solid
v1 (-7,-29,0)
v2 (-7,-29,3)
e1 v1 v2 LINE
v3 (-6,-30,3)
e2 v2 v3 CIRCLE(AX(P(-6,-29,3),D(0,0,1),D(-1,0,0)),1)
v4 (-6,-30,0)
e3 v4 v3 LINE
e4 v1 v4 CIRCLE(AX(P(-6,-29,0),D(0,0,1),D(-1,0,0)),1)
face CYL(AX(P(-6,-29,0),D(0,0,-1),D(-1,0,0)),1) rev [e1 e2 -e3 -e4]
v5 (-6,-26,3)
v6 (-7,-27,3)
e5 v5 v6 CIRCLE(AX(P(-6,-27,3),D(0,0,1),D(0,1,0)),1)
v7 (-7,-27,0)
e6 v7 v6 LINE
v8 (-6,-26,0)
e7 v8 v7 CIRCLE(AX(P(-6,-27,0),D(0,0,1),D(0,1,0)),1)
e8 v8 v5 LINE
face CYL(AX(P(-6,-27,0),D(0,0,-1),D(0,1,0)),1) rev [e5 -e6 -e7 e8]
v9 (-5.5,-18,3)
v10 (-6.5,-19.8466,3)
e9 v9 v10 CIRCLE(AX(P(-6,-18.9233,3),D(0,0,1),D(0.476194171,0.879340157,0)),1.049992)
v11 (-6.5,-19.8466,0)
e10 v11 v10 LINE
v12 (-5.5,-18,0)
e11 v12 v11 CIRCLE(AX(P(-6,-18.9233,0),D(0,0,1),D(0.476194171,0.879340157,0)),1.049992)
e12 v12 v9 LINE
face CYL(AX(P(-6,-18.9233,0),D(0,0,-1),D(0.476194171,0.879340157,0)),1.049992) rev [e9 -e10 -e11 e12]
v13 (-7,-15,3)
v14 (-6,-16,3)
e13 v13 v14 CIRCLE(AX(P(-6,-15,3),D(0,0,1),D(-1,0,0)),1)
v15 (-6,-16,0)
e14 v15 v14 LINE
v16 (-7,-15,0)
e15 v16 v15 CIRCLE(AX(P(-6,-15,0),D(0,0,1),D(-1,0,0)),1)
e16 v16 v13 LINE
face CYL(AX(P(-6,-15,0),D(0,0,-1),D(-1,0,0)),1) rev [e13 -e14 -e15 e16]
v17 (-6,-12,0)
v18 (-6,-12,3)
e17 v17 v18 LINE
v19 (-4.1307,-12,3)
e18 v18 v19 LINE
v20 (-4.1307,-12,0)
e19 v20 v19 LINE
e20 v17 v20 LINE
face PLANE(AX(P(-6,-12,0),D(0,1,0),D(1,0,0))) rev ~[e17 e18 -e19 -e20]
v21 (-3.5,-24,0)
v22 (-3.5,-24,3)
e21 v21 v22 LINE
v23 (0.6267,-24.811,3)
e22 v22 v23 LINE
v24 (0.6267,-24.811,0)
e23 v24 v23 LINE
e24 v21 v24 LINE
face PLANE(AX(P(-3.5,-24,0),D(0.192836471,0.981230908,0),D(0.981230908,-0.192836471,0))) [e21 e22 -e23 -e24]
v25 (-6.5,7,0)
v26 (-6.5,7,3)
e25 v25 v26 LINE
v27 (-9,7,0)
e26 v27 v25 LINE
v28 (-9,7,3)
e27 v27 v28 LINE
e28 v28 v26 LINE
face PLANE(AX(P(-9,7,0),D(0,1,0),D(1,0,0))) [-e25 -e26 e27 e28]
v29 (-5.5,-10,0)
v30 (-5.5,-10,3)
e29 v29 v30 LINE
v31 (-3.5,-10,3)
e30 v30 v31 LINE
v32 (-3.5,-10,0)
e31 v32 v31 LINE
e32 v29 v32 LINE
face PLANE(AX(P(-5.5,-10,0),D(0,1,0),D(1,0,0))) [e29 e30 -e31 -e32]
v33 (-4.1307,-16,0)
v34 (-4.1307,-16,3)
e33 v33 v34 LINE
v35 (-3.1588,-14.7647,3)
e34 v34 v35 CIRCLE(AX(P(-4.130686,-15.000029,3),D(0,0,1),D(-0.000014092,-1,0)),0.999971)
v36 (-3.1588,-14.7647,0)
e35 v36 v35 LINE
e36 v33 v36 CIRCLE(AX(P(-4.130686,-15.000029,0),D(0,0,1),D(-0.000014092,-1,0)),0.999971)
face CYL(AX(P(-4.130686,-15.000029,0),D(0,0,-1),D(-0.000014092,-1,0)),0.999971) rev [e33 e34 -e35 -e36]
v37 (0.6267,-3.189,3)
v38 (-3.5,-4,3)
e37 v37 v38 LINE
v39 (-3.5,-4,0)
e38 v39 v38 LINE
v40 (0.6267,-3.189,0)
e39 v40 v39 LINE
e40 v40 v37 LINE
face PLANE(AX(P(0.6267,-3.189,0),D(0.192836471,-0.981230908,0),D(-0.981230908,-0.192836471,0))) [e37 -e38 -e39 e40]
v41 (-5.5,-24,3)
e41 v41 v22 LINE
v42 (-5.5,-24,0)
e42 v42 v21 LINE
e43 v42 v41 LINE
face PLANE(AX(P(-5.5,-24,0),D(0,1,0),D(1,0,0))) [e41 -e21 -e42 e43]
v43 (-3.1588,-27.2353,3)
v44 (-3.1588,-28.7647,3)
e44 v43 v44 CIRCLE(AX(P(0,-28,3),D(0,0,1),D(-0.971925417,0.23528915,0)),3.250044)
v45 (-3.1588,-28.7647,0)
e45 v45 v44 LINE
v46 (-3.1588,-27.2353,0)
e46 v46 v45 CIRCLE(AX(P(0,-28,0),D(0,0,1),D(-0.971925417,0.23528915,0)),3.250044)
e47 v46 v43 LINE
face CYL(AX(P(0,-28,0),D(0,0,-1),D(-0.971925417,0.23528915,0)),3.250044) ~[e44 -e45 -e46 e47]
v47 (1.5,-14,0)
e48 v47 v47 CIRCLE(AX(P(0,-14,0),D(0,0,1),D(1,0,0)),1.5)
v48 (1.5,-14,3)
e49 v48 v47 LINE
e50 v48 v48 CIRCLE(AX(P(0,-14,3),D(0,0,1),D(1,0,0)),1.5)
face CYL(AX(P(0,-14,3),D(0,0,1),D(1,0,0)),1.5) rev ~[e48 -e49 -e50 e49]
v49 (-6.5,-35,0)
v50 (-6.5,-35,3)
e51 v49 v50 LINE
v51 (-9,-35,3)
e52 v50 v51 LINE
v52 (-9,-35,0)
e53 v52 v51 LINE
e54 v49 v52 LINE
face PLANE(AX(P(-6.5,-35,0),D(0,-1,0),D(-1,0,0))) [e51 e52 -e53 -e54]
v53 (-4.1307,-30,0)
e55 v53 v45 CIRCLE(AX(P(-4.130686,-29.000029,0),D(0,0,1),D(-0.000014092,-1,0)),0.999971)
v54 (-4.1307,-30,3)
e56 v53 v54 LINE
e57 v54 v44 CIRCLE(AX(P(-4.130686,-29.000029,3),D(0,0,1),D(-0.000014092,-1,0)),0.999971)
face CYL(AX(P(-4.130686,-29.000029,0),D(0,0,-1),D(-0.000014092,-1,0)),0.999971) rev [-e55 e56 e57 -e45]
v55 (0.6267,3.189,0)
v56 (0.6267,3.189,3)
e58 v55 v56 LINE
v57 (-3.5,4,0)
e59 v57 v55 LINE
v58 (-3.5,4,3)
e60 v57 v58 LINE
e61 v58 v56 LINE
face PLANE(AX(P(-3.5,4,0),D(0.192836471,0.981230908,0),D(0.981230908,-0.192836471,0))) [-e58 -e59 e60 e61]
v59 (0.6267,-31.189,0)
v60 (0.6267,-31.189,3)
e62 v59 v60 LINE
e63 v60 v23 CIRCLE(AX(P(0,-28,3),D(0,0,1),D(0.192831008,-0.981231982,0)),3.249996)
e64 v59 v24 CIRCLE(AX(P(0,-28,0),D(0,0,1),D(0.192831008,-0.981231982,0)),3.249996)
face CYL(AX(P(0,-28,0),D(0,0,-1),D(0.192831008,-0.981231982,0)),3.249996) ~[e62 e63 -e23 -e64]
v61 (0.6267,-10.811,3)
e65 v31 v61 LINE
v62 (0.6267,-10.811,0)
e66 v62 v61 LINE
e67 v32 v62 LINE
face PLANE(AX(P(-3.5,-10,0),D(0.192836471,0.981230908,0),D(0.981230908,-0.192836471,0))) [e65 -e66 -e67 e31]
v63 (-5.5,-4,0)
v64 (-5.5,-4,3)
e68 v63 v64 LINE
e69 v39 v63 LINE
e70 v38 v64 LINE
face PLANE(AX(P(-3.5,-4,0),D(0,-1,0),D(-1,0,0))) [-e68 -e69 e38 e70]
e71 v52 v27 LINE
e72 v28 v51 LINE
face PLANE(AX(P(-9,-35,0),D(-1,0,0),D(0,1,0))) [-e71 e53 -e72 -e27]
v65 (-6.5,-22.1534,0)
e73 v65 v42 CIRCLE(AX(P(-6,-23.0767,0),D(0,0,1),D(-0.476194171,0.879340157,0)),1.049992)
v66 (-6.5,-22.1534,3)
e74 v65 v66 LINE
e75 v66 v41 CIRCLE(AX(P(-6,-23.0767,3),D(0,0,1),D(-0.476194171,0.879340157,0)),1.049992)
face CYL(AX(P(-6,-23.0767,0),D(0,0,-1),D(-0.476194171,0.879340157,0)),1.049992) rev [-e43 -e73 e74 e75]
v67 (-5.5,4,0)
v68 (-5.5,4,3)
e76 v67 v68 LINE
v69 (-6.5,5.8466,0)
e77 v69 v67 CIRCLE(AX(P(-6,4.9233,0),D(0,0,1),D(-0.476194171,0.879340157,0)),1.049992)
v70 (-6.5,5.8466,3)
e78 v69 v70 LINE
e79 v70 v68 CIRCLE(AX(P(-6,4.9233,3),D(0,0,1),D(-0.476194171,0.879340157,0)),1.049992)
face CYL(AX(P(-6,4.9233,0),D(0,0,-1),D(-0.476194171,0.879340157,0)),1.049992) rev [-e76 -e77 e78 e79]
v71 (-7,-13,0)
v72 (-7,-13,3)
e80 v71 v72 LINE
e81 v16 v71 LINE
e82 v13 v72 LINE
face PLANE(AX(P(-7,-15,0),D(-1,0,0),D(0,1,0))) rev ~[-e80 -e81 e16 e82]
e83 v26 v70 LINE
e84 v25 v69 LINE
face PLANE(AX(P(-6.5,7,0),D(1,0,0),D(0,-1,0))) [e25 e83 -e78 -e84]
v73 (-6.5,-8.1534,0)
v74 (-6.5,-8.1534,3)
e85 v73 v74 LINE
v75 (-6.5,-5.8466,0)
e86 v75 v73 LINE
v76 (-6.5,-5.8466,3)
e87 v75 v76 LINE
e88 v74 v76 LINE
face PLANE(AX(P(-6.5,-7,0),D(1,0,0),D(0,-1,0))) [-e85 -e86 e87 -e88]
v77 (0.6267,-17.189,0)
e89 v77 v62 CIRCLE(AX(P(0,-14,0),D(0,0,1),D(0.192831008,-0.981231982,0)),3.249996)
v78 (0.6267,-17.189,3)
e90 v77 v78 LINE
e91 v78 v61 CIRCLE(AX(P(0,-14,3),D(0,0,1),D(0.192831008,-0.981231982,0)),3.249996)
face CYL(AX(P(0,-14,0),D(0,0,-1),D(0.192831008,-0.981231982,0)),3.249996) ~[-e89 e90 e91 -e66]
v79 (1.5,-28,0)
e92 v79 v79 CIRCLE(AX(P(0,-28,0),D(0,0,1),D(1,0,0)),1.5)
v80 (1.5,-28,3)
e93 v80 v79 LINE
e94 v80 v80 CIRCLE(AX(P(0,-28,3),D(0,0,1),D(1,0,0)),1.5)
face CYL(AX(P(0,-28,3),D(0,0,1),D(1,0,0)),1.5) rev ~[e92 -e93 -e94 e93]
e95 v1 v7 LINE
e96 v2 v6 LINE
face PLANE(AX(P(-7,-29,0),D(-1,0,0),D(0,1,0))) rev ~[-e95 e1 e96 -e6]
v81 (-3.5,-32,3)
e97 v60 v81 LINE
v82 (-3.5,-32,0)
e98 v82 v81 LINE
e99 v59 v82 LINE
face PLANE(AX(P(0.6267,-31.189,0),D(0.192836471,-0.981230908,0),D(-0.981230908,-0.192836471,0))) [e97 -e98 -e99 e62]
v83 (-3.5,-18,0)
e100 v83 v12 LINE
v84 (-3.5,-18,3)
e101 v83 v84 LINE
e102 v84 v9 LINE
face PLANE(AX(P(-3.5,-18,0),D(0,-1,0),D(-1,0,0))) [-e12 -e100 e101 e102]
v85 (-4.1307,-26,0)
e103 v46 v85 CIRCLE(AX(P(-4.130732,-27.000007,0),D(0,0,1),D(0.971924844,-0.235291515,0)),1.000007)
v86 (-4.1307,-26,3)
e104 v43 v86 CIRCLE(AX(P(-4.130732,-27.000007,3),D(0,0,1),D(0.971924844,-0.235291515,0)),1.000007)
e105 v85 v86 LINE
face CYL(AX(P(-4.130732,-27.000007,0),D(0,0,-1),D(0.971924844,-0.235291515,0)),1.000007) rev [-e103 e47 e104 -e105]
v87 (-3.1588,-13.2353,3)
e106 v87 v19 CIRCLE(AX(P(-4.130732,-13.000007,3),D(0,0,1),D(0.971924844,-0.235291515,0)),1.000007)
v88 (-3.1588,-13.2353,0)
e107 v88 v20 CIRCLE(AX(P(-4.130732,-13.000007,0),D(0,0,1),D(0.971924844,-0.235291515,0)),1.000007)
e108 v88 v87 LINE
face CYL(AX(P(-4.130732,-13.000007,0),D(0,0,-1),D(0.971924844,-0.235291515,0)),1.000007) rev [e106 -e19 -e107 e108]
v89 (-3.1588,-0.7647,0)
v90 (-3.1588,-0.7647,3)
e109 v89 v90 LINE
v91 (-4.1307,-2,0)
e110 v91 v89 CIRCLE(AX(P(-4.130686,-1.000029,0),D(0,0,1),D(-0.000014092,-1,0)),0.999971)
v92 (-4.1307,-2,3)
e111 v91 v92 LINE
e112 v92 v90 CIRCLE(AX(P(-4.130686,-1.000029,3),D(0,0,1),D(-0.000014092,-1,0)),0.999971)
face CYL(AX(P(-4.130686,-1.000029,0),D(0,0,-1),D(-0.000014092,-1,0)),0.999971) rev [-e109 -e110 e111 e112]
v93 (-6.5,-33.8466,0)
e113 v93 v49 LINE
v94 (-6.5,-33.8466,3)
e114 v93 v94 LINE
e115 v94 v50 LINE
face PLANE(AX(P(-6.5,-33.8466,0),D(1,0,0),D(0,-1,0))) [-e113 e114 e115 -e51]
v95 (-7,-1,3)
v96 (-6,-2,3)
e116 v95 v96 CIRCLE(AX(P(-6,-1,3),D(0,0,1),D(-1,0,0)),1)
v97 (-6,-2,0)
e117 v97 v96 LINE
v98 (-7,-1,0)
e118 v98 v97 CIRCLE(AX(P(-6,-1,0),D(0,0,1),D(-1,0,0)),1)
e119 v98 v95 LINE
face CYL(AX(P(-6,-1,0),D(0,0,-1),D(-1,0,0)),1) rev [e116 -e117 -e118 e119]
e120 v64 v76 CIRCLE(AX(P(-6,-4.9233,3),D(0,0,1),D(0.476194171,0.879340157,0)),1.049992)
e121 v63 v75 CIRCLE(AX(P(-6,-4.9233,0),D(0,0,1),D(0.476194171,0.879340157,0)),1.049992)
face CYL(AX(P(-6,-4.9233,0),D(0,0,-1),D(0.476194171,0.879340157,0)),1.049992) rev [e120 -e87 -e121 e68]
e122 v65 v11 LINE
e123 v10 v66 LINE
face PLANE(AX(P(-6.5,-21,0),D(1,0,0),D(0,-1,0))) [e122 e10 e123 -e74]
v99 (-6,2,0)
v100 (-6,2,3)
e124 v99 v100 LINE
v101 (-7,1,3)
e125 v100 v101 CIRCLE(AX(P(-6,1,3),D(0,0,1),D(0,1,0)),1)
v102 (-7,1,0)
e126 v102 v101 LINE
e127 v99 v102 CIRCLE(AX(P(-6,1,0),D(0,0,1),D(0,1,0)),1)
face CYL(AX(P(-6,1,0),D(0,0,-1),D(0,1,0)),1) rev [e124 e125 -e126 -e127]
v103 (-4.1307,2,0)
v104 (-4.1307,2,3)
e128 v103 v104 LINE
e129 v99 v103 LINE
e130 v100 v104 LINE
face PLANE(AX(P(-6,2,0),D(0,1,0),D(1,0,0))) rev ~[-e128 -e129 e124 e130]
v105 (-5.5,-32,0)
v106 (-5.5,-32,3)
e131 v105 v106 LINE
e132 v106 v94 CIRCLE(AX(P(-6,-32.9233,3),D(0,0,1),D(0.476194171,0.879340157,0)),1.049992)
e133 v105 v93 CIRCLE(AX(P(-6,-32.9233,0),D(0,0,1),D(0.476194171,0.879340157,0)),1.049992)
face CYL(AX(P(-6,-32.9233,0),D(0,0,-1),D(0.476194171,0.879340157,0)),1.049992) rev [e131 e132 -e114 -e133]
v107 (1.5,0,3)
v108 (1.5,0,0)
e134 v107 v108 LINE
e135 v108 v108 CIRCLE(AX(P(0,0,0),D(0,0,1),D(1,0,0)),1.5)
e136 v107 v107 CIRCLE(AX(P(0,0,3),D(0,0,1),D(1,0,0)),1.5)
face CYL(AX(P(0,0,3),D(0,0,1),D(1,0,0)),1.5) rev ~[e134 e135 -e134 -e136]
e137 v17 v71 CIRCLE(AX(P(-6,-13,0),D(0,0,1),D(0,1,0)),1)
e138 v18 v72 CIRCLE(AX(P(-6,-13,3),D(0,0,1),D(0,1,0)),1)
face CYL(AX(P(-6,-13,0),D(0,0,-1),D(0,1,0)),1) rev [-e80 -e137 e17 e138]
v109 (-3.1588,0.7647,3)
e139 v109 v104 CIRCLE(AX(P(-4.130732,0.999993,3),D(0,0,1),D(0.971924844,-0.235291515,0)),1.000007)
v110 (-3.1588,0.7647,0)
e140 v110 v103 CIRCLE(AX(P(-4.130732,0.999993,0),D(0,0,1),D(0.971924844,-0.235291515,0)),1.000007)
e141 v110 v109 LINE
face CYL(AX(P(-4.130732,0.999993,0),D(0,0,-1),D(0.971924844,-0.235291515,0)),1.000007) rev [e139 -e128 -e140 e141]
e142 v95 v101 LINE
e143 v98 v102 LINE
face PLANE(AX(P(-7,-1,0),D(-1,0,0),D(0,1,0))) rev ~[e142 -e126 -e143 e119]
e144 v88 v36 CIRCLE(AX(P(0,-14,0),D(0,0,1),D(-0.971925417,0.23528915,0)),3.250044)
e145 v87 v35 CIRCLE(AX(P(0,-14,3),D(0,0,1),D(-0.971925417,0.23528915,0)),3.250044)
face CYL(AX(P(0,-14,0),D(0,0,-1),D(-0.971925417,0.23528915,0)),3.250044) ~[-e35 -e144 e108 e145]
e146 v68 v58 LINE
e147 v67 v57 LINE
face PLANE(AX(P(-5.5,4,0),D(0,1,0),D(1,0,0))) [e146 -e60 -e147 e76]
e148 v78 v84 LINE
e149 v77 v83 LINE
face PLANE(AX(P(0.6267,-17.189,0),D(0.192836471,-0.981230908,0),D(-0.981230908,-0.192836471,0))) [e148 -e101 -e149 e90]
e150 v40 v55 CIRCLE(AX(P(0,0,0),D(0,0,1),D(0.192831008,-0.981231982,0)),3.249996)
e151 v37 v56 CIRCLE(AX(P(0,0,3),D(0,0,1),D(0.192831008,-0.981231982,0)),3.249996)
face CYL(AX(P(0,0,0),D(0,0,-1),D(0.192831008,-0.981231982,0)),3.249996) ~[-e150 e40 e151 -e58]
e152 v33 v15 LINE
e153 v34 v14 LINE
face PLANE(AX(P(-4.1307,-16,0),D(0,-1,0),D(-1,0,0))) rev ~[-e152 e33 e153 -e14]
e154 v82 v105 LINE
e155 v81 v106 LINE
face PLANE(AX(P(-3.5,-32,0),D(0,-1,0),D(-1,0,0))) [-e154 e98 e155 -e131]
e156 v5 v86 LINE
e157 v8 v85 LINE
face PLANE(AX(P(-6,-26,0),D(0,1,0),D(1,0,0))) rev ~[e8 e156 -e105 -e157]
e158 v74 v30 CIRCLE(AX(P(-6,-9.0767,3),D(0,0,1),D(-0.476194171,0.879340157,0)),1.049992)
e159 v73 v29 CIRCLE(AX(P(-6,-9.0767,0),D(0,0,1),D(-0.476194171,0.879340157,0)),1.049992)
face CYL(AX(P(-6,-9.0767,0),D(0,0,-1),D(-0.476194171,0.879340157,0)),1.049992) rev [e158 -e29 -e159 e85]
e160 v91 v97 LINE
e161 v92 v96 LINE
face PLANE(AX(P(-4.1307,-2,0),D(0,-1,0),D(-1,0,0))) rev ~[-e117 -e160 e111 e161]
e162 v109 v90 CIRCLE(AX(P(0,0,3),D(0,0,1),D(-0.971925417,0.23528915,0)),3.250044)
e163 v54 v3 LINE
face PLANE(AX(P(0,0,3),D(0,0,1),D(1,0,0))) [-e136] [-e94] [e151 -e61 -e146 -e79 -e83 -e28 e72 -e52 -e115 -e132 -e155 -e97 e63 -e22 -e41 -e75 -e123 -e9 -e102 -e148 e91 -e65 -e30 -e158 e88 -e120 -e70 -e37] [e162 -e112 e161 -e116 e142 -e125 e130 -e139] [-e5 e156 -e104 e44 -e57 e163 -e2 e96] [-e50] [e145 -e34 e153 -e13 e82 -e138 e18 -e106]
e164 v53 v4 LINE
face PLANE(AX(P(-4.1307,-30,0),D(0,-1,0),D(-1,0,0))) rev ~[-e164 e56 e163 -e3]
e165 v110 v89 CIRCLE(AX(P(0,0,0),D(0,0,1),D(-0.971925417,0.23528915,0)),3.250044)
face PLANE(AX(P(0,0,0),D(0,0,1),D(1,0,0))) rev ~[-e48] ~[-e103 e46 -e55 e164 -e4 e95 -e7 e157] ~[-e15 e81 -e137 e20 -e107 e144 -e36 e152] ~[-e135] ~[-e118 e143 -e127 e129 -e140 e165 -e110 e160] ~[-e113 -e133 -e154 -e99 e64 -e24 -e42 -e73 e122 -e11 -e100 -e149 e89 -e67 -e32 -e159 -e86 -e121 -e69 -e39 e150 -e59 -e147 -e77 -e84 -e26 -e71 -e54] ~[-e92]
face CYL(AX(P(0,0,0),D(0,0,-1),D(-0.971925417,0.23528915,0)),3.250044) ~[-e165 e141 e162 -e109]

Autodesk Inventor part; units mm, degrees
ref_plane "YZ Plane" through (0, 0, 0) normal (1, 0, 0) x (0, 1, 0)
ref_plane "XZ Plane" through (0, 0, 0) normal (0, 1, 0) x (-1, 0, 0)
ref_plane "XY Plane" through (0, 0, 0) normal (0, 0, 1) x (1, 0, 0)
sketch "スケッチ1" plane through (0, 0, 0) normal (0, 0, 1) x (1, 0, 0)
  line L0 (-7, -29) -> (-7, -27)
  arc A0 (-6, -26) -> (-7, -27) centre (-6, -27) ccw
  line L1 (-6, -26) -> (-4.1307, -26)
  arc A1 (-3.1588, -27.2353) -> (-4.1307, -26) centre (-4.1307, -27) ccw
  arc A2 (-3.1588, -27.2353) -> (-3.1588, -28.7647) centre (0, -28) ccw
  arc A3 (-4.1307, -30) -> (-3.1588, -28.7647) centre (-4.1307, -29) ccw
  line L2 (-4.1307, -30) -> (-6, -30)
  arc A4 (-7, -29) -> (-6, -30) centre (-6, -29) ccw
  arc A5 (-6.5, -22.1534) -> (-5.5, -24) centre (-6, -23.0767) ccw
  line L3 (-6.5, -21) -> (-6.5, -22.1534)
  line L4 (-9, -21) -> (-6.5, -21)
  line L5 (-9, -35) -> (-9, -21)
  line L6 (-6.5, -35) -> (-9, -35)
  line L7 (-6.5, -33.8466) -> (-6.5, -35)
  arc A6 (-5.5, -32) -> (-6.5, -33.8466) centre (-6, -32.9233) ccw
  line L8 (-3.5, -32) -> (-5.5, -32)
  line L9 (0.6267, -31.189) -> (-3.5, -32)
  arc A7 (0.6267, -31.189) -> (0.6267, -24.811) centre (0, -28) ccw
  line L10 (-3.5, -24) -> (0.6267, -24.811)
  line L11 (-5.5, -24) -> (-3.5, -24)
  circle A8 centre (0, -28) radius 1.25
  line L12 (-7, -15) -> (-7, -13)
  arc A9 (-6, -12) -> (-7, -13) centre (-6, -13) ccw
  line L13 (-6, -12) -> (-4.1307, -12)
  arc A10 (-3.1588, -13.2353) -> (-4.1307, -12) centre (-4.1307, -13) ccw
  arc A11 (-3.1588, -13.2353) -> (-3.1588, -14.7647) centre (0, -14) ccw
  arc A12 (-4.1307, -16) -> (-3.1588, -14.7647) centre (-4.1307, -15) ccw
  line L14 (-4.1307, -16) -> (-6, -16)
  arc A13 (-7, -15) -> (-6, -16) centre (-6, -15) ccw
  arc A14 (-6.5, -8.1534) -> (-5.5, -10) centre (-6, -9.0767) ccw
  line L15 (-6.5, -7) -> (-6.5, -8.1534)
  line L16 (-9, -7) -> (-6.5, -7)
  line L17 (-9, -21) -> (-9, -7)
  line L18 (-6.5, -21) -> (-9, -21)
  line L19 (-6.5, -19.8466) -> (-6.5, -21)
  arc A15 (-5.5, -18) -> (-6.5, -19.8466) centre (-6, -18.9233) ccw
  line L20 (-3.5, -18) -> (-5.5, -18)
  line L21 (0.6267, -17.189) -> (-3.5, -18)
  arc A16 (0.6267, -17.189) -> (0.6267, -10.811) centre (0, -14) ccw
  line L22 (-3.5, -10) -> (0.6267, -10.811)
  line L23 (-5.5, -10) -> (-3.5, -10)
  circle A17 centre (0, -14) radius 1.25
  line L24 (-7, -1) -> (-7, 1)
  arc A18 (-6, 2) -> (-7, 1) centre (-6, 1) ccw
  line L25 (-6, 2) -> (-4.1307, 2)
  arc A19 (-3.1588, 0.7647) -> (-4.1307, 2) centre (-4.1307, 1) ccw
  arc A20 (-3.1588, 0.7647) -> (-3.1588, -0.7647) centre (0, 0) ccw
  arc A21 (-4.1307, -2) -> (-3.1588, -0.7647) centre (-4.1307, -1) ccw
  line L26 (-4.1307, -2) -> (-6, -2)
  arc A22 (-7, -1) -> (-6, -2) centre (-6, -1) ccw
  arc A23 (-6.5, 5.8466) -> (-5.5, 4) centre (-6, 4.9233) ccw
  line L27 (-6.5, 7) -> (-6.5, 5.8466)
  line L28 (-9, 7) -> (-6.5, 7)
  line L29 (-9, -7) -> (-9, 7)
  line L30 (-6.5, -7) -> (-9, -7)
  line L31 (-6.5, -5.8466) -> (-6.5, -7)
  arc A24 (-5.5, -4) -> (-6.5, -5.8466) centre (-6, -4.9233) ccw
  line L32 (-3.5, -4) -> (-5.5, -4)
  line L33 (0.6267, -3.189) -> (-3.5, -4)
  arc A25 (0.6267, -3.189) -> (0.6267, 3.189) centre (0, 0) ccw
  line L34 (-3.5, 4) -> (0.6267, 3.189)
  line L35 (-5.5, 4) -> (-3.5, 4)
  circle A26 centre (0, 0) radius 1.25
extrude "押し出し1" add sketch "スケッチ1" along normal blind 3
sketch "スケッチ2" plane through (0, 0, 3) normal (0, 0, 1) x (1, 0, 0)
  arc A0 (-6, 2) -> (-7, 1) centre (-6, 1) ccw projected
  line L0 (-6, 2) -> (-4.1307, 2) projected
  arc A1 (-3.1588, 0.7647) -> (-4.1307, 2) centre (-4.1307, 1) ccw projected
  arc A2 (-3.1588, 0.7647) -> (-3.1588, -0.7647) centre (0, 0) ccw projected
  arc A3 (-4.1307, -2) -> (-3.1588, -0.7647) centre (-4.1307, -1) ccw projected
  line L1 (-4.1307, -2) -> (-6, -2) projected
  arc A4 (-7, -1) -> (-6, -2) centre (-6, -1) ccw projected
  line L2 (-7, -1) -> (-7, 1) projected
  circle A5 centre (0, 0) radius 1.25 projected
  arc A6 (-4.1307, -30) -> (-3.1588, -28.7647) centre (-4.1307, -29) ccw projected
  line L3 (-4.1307, -30) -> (-6, -30) projected
  arc A7 (-7, -29) -> (-6, -30) centre (-6, -29) ccw projected
  line L4 (-7, -29) -> (-7, -27) projected
  arc A8 (-6, -26) -> (-7, -27) centre (-6, -27) ccw projected
  line L5 (-6, -26) -> (-4.1307, -26) projected
  arc A9 (-3.1588, -27.2353) -> (-4.1307, -26) centre (-4.1307, -27) ccw projected
  arc A10 (-3.1588, -27.2353) -> (-3.1588, -28.7647) centre (0, -28) ccw projected
  circle A11 centre (0, -28) radius 1.25 projected
  arc A12 (-6, -12) -> (-7, -13) centre (-6, -13) ccw projected
  line L6 (-6, -12) -> (-4.1307, -12) projected
  arc A13 (-3.1588, -13.2353) -> (-4.1307, -12) centre (-4.1307, -13) ccw projected
  arc A14 (-3.1588, -13.2353) -> (-3.1588, -14.7647) centre (0, -14) ccw projected
  arc A15 (-4.1307, -16) -> (-3.1588, -14.7647) centre (-4.1307, -15) ccw projected
  line L7 (-4.1307, -16) -> (-6, -16) projected
  arc A16 (-7, -15) -> (-6, -16) centre (-6, -15) ccw projected
  line L8 (-7, -15) -> (-7, -13) projected
  circle A17 centre (0, -14) radius 1.25 projected
  arc A18 (-6.5, -8.1534) -> (-5.5, -10) centre (-6, -9.0767) ccw projected
  line L9 (-6.5, -8.1534) -> (-6.5, -5.8466) projected
  arc A19 (-5.5, -4) -> (-6.5, -5.8466) centre (-6, -4.9233) ccw projected
  line L10 (-5.5, -4) -> (-3.5, -4) projected
  line L11 (-3.5, -4) -> (0.6267, -3.189) projected
  arc A20 (0.6267, -3.189) -> (0.6267, 3.189) centre (0, 0) ccw projected
  line L12 (0.6267, 3.189) -> (-3.5, 4) projected
  line L13 (-3.5, 4) -> (-5.5, 4) projected
  arc A21 (-6.5, 5.8466) -> (-5.5, 4) centre (-6, 4.9233) ccw projected
  line L14 (-6.5, 5.8466) -> (-6.5, 7) projected
  line L15 (-6.5, 7) -> (-9, 7) projected
  line L16 (-9, 7) -> (-9, -35) projected
  line L17 (-9, -35) -> (-6.5, -35) projected
  line L18 (-6.5, -35) -> (-6.5, -33.8466) projected
  arc A22 (-5.5, -32) -> (-6.5, -33.8466) centre (-6, -32.9233) ccw projected
  line L19 (-5.5, -32) -> (-3.5, -32) projected
  line L20 (-3.5, -32) -> (0.6267, -31.189) projected
  arc A23 (0.6267, -31.189) -> (0.6267, -24.811) centre (0, -28) ccw projected
  line L21 (0.6267, -24.811) -> (-3.5, -24) projected
  line L22 (-3.5, -24) -> (-5.5, -24) projected
  arc A24 (-6.5, -22.1534) -> (-5.5, -24) centre (-6, -23.0767) ccw projected
  line L23 (-6.5, -22.1534) -> (-6.5, -19.8466) projected
  arc A25 (-5.5, -18) -> (-6.5, -19.8466) centre (-6, -18.9233) ccw projected
  line L24 (-5.5, -18) -> (-3.5, -18) projected
  line L25 (-3.5, -18) -> (0.6267, -17.189) projected
  arc A26 (0.6267, -17.189) -> (0.6267, -10.811) centre (0, -14) ccw projected
  line L26 (0.6267, -10.811) -> (-3.5, -10) projected
  line L27 (-3.5, -10) -> (-5.5, -10) projected
  circle A27 centre (0, 0) radius 1.5
  circle A28 centre (0, -14) radius 1.5
  circle A29 centre (0, -28) radius 1.5
  dimension "d27" = 3
  dimension "d28" = 3
  dimension "d29" = 3
extrude "押し出し2" cut sketch "スケッチ2" against normal blind 3 contours A27 | A28 | A29
properties part number "アームユニット底板締結パーツ3t用(2)" material "アルミニウム 2014-T4"
